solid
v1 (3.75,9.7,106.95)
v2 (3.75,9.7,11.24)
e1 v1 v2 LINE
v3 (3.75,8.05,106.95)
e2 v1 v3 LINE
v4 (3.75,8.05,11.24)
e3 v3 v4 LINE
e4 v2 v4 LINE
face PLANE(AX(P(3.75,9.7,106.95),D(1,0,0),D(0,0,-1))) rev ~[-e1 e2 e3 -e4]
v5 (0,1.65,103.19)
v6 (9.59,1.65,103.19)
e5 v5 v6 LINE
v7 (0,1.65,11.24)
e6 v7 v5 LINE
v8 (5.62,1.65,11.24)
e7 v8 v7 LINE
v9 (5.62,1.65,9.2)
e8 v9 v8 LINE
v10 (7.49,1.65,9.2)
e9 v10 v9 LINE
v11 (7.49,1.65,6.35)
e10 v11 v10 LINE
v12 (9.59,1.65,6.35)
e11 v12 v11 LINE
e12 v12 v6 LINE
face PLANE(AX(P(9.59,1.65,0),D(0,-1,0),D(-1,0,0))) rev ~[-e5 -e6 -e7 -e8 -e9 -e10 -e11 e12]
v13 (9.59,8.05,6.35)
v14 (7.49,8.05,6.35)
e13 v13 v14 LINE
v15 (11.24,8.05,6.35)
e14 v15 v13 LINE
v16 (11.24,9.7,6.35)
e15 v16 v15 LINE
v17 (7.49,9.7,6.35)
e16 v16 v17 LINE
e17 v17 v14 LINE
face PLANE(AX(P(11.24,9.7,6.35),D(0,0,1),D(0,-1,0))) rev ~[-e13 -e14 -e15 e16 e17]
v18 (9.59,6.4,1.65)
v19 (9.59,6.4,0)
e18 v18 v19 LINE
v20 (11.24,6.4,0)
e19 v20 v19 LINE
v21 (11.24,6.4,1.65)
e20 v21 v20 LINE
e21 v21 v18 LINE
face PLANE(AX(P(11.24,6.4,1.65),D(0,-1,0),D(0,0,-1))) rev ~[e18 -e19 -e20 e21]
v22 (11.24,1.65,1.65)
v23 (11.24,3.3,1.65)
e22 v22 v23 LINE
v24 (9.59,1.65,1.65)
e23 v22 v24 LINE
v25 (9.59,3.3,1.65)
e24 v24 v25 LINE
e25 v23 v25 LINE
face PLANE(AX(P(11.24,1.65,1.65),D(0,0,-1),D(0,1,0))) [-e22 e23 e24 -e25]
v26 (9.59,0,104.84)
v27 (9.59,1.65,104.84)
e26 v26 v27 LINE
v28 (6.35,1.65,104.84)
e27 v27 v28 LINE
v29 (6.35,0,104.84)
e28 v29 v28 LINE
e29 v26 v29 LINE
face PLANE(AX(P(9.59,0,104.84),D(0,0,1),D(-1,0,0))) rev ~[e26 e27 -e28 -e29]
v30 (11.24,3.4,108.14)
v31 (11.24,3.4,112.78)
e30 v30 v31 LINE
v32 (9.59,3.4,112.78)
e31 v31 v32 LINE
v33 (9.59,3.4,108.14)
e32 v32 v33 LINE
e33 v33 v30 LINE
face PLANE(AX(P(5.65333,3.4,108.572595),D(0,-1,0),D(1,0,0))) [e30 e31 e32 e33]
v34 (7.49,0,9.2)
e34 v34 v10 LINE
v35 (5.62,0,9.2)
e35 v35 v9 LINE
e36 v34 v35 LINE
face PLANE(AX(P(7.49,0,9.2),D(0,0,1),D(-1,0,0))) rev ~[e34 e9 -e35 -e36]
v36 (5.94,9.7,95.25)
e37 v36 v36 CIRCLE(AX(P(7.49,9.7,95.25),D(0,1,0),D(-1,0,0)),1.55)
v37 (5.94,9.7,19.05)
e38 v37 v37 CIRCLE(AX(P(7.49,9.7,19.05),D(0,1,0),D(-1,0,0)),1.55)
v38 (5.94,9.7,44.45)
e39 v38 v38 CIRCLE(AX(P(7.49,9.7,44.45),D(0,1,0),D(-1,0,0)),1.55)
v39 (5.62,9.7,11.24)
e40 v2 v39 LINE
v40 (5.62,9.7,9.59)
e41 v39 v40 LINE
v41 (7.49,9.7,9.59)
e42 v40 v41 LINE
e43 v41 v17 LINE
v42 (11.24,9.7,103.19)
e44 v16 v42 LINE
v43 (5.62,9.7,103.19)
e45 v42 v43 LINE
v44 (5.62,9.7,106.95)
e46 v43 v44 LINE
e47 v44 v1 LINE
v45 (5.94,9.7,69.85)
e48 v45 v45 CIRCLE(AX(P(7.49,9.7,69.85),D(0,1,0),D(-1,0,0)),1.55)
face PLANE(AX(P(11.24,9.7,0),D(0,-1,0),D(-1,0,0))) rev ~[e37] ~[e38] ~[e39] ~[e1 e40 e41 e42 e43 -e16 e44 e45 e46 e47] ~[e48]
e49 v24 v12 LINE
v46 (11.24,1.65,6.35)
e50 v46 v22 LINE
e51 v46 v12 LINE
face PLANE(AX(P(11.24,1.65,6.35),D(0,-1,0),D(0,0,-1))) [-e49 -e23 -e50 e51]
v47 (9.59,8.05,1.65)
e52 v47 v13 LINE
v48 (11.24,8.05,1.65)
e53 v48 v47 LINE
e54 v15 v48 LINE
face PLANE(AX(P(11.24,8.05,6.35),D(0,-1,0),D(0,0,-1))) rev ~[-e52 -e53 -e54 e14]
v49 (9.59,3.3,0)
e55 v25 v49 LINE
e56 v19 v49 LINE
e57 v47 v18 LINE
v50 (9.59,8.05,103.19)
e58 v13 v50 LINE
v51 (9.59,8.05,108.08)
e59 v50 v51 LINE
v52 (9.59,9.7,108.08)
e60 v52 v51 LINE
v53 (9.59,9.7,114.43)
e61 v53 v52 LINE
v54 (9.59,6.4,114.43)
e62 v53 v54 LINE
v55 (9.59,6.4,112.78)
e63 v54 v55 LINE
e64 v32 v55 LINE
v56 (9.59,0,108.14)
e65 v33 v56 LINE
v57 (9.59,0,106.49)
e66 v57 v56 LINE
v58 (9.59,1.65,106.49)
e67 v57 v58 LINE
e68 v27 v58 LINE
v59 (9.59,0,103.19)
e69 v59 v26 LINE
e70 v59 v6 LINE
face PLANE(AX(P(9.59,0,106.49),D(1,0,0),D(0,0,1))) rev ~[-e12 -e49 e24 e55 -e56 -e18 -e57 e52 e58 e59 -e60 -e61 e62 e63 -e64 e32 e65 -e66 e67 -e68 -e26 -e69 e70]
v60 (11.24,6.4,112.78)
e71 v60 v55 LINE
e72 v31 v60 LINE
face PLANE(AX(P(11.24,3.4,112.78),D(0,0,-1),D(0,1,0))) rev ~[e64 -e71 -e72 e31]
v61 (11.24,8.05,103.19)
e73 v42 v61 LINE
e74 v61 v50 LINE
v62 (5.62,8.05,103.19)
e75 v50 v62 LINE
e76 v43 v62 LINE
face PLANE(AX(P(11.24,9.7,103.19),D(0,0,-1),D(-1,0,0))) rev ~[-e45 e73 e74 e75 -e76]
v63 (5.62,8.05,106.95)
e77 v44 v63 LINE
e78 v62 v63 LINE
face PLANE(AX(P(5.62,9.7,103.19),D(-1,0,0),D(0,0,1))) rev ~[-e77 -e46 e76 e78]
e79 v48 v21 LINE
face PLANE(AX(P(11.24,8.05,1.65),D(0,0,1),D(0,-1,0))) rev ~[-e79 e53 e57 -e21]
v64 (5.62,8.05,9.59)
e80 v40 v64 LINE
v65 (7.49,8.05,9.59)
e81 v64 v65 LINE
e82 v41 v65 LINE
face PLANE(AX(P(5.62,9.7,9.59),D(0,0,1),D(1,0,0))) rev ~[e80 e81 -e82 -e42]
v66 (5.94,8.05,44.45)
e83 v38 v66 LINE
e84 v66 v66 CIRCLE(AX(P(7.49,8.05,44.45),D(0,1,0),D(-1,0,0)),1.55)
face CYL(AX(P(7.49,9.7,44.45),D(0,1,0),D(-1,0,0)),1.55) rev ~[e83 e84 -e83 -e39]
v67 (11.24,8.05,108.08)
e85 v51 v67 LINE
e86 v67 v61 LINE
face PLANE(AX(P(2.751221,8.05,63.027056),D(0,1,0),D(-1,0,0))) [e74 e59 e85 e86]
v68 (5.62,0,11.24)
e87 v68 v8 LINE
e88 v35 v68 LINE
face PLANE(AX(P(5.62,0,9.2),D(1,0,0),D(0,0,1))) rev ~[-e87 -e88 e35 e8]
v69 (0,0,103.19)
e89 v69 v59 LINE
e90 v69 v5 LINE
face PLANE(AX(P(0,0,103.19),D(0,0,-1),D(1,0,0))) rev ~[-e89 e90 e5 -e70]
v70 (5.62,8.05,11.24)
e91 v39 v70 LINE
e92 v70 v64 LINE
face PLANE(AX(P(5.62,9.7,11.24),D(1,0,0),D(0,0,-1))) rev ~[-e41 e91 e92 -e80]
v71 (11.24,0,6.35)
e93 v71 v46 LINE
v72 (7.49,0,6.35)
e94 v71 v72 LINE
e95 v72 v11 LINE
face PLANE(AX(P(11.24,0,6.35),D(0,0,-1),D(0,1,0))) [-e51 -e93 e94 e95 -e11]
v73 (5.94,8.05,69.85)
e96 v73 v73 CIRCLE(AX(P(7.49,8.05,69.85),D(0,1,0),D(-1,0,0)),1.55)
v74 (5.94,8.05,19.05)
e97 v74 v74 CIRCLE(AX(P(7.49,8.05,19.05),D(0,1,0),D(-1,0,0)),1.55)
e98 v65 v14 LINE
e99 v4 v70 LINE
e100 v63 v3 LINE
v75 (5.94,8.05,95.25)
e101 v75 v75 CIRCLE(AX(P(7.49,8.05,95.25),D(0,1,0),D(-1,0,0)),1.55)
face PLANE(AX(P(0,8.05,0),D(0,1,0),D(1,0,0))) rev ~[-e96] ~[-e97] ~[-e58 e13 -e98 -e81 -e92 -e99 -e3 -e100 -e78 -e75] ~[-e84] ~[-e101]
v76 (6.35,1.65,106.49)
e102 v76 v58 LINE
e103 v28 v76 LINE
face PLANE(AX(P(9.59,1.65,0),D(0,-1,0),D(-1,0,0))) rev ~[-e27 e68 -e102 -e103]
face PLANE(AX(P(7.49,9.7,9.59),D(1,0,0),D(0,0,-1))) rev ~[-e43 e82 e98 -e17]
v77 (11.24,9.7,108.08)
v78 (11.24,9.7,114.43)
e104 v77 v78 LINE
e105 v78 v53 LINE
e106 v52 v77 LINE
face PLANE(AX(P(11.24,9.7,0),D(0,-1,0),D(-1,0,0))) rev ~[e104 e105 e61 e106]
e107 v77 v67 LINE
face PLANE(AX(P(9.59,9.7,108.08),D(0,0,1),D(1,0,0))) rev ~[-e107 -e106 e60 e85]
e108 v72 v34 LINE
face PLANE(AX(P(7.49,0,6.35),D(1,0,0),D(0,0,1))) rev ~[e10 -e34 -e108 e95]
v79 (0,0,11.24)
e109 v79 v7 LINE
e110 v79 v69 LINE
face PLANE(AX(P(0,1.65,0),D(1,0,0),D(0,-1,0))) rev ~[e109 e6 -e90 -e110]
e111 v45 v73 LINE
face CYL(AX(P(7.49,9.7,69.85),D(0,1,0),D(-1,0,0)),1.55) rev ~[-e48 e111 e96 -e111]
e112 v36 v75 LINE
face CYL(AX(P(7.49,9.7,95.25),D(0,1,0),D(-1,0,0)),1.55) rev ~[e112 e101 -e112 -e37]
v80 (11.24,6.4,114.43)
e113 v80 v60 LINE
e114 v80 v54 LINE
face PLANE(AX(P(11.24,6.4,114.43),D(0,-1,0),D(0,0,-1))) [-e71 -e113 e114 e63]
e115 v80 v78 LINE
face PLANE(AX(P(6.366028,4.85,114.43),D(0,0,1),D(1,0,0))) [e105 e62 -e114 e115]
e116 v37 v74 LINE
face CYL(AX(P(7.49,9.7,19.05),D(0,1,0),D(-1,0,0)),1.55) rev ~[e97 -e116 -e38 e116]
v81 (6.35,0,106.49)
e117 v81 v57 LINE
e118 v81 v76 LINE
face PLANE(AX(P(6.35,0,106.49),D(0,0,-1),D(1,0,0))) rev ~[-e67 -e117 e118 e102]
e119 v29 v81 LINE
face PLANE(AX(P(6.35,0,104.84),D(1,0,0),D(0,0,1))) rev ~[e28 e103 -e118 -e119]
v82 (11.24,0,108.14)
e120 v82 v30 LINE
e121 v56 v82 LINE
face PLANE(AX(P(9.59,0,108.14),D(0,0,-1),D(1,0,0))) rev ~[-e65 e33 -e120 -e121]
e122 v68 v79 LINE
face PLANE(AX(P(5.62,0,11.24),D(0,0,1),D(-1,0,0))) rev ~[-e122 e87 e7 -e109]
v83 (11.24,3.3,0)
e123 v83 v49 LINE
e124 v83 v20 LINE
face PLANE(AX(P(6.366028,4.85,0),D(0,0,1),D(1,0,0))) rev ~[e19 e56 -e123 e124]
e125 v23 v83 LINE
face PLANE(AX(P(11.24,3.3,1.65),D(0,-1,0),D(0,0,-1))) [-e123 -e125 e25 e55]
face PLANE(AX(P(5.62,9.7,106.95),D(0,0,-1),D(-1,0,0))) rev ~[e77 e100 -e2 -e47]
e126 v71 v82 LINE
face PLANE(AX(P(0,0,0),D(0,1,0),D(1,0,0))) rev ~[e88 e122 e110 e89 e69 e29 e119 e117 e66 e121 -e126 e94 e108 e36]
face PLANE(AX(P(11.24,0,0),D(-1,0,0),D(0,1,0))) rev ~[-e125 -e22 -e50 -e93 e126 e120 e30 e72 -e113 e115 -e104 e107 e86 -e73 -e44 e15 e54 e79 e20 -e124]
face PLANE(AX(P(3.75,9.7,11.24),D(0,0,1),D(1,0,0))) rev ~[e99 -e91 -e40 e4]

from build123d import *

# Parameters (mm, degrees)
EXTRUDE4_DEPTH     = 114.43
CUT_EXTRUDE1_DEPTH = 116.389135104
SKETCH3_R          = 1.55
CUT_EXTRUDE2_DEPTH = 1.65
CUT_EXTRUDE3_DEPTH = 3.4
SKETCH5_W          = 1.65
SKETCH5_H          = 3
CUT_EXTRUDE4_DEPTH = 1.65


with BuildPart() as part:
    # Sketch1 → Extrude4 (new body)
    with BuildSketch(Plane.XY):
        Polygon((0, 0), (11.24, 0), (11.24, 9.7), (0, 9.7), (0, 8.05), (9.59, 8.05), (9.59, 1.65), (0, 1.65), align=None)
    extrude(amount=EXTRUDE4_DEPTH)

    # Sketch2 → Cut-Extrude1 (cut, through all)
    with BuildSketch(Plane(origin=(11.24, 0, 0), x_dir=(0, 0, -1), z_dir=(1, 0, 0))):
        Polygon((-6.35, 1.65), (-1.65, 1.65), (-1.65, 3.3), (0, 3.3), (0, 0), (-6.35, 0), align=None)
        Polygon((0, 9.7), (-6.35, 9.7), (-6.35, 8.05), (-1.65, 8.05), (-1.65, 6.4), (0, 6.4), align=None)
    extrude(amount=-CUT_EXTRUDE1_DEPTH, mode=Mode.SUBTRACT)

    # Sketch3 → Cut-Extrude2 (cut)
    with BuildSketch(Plane(origin=(0, 9.7, 0), x_dir=(-1, 0, 0), z_dir=(0, 1, 0))):
        with Locations((-7.49, 19.05)):
            Circle(SKETCH3_R)
        with Locations((-7.49, 44.45)):
            Circle(SKETCH3_R)
        with Locations((-7.49, 69.85)):
            Circle(SKETCH3_R)
        with Locations((-7.49, 95.25)):
            Circle(SKETCH3_R)
        Polygon((0, 6.35), (0, 114.43), (-9.59, 114.43), (-9.59, 108.08), (-11.24, 108.08), (-11.24, 103.19), (-5.62, 103.19), (-5.62, 106.95), (-3.75, 106.95), (-3.75, 11.24), (-5.62, 11.24), (-5.62, 9.59), (-7.49, 9.59), (-7.49, 6.35), align=None)
    extrude(amount=-CUT_EXTRUDE2_DEPTH, mode=Mode.SUBTRACT)

    # Sketch4 → Cut-Extrude3 (cut)
    with BuildSketch(Plane.XZ):
        Polygon((7.49, 6.35), (7.49, 9.2), (5.62, 9.2), (5.62, 11.24), (0, 11.24), (0, 6.35), align=None)
        Polygon((0, 103.19), (9.59, 103.19), (9.59, 104.84), (6.35, 104.84), (6.35, 106.49), (9.59, 106.49), (9.59, 108.14), (11.24, 108.14), (11.24, 114.43), (0, 114.43), align=None)
    extrude(amount=-CUT_EXTRUDE3_DEPTH, mode=Mode.SUBTRACT)

    # Sketch5 → Cut-Extrude4 (cut)
    with BuildSketch(Plane(origin=(11.24, 0, 0), x_dir=(0, 0, -1), z_dir=(1, 0, 0))):
        with Locations((-113.605, 4.9)):
            Rectangle(SKETCH5_W, SKETCH5_H)
    extrude(amount=-CUT_EXTRUDE4_DEPTH, mode=Mode.SUBTRACT)


solid = part.part
